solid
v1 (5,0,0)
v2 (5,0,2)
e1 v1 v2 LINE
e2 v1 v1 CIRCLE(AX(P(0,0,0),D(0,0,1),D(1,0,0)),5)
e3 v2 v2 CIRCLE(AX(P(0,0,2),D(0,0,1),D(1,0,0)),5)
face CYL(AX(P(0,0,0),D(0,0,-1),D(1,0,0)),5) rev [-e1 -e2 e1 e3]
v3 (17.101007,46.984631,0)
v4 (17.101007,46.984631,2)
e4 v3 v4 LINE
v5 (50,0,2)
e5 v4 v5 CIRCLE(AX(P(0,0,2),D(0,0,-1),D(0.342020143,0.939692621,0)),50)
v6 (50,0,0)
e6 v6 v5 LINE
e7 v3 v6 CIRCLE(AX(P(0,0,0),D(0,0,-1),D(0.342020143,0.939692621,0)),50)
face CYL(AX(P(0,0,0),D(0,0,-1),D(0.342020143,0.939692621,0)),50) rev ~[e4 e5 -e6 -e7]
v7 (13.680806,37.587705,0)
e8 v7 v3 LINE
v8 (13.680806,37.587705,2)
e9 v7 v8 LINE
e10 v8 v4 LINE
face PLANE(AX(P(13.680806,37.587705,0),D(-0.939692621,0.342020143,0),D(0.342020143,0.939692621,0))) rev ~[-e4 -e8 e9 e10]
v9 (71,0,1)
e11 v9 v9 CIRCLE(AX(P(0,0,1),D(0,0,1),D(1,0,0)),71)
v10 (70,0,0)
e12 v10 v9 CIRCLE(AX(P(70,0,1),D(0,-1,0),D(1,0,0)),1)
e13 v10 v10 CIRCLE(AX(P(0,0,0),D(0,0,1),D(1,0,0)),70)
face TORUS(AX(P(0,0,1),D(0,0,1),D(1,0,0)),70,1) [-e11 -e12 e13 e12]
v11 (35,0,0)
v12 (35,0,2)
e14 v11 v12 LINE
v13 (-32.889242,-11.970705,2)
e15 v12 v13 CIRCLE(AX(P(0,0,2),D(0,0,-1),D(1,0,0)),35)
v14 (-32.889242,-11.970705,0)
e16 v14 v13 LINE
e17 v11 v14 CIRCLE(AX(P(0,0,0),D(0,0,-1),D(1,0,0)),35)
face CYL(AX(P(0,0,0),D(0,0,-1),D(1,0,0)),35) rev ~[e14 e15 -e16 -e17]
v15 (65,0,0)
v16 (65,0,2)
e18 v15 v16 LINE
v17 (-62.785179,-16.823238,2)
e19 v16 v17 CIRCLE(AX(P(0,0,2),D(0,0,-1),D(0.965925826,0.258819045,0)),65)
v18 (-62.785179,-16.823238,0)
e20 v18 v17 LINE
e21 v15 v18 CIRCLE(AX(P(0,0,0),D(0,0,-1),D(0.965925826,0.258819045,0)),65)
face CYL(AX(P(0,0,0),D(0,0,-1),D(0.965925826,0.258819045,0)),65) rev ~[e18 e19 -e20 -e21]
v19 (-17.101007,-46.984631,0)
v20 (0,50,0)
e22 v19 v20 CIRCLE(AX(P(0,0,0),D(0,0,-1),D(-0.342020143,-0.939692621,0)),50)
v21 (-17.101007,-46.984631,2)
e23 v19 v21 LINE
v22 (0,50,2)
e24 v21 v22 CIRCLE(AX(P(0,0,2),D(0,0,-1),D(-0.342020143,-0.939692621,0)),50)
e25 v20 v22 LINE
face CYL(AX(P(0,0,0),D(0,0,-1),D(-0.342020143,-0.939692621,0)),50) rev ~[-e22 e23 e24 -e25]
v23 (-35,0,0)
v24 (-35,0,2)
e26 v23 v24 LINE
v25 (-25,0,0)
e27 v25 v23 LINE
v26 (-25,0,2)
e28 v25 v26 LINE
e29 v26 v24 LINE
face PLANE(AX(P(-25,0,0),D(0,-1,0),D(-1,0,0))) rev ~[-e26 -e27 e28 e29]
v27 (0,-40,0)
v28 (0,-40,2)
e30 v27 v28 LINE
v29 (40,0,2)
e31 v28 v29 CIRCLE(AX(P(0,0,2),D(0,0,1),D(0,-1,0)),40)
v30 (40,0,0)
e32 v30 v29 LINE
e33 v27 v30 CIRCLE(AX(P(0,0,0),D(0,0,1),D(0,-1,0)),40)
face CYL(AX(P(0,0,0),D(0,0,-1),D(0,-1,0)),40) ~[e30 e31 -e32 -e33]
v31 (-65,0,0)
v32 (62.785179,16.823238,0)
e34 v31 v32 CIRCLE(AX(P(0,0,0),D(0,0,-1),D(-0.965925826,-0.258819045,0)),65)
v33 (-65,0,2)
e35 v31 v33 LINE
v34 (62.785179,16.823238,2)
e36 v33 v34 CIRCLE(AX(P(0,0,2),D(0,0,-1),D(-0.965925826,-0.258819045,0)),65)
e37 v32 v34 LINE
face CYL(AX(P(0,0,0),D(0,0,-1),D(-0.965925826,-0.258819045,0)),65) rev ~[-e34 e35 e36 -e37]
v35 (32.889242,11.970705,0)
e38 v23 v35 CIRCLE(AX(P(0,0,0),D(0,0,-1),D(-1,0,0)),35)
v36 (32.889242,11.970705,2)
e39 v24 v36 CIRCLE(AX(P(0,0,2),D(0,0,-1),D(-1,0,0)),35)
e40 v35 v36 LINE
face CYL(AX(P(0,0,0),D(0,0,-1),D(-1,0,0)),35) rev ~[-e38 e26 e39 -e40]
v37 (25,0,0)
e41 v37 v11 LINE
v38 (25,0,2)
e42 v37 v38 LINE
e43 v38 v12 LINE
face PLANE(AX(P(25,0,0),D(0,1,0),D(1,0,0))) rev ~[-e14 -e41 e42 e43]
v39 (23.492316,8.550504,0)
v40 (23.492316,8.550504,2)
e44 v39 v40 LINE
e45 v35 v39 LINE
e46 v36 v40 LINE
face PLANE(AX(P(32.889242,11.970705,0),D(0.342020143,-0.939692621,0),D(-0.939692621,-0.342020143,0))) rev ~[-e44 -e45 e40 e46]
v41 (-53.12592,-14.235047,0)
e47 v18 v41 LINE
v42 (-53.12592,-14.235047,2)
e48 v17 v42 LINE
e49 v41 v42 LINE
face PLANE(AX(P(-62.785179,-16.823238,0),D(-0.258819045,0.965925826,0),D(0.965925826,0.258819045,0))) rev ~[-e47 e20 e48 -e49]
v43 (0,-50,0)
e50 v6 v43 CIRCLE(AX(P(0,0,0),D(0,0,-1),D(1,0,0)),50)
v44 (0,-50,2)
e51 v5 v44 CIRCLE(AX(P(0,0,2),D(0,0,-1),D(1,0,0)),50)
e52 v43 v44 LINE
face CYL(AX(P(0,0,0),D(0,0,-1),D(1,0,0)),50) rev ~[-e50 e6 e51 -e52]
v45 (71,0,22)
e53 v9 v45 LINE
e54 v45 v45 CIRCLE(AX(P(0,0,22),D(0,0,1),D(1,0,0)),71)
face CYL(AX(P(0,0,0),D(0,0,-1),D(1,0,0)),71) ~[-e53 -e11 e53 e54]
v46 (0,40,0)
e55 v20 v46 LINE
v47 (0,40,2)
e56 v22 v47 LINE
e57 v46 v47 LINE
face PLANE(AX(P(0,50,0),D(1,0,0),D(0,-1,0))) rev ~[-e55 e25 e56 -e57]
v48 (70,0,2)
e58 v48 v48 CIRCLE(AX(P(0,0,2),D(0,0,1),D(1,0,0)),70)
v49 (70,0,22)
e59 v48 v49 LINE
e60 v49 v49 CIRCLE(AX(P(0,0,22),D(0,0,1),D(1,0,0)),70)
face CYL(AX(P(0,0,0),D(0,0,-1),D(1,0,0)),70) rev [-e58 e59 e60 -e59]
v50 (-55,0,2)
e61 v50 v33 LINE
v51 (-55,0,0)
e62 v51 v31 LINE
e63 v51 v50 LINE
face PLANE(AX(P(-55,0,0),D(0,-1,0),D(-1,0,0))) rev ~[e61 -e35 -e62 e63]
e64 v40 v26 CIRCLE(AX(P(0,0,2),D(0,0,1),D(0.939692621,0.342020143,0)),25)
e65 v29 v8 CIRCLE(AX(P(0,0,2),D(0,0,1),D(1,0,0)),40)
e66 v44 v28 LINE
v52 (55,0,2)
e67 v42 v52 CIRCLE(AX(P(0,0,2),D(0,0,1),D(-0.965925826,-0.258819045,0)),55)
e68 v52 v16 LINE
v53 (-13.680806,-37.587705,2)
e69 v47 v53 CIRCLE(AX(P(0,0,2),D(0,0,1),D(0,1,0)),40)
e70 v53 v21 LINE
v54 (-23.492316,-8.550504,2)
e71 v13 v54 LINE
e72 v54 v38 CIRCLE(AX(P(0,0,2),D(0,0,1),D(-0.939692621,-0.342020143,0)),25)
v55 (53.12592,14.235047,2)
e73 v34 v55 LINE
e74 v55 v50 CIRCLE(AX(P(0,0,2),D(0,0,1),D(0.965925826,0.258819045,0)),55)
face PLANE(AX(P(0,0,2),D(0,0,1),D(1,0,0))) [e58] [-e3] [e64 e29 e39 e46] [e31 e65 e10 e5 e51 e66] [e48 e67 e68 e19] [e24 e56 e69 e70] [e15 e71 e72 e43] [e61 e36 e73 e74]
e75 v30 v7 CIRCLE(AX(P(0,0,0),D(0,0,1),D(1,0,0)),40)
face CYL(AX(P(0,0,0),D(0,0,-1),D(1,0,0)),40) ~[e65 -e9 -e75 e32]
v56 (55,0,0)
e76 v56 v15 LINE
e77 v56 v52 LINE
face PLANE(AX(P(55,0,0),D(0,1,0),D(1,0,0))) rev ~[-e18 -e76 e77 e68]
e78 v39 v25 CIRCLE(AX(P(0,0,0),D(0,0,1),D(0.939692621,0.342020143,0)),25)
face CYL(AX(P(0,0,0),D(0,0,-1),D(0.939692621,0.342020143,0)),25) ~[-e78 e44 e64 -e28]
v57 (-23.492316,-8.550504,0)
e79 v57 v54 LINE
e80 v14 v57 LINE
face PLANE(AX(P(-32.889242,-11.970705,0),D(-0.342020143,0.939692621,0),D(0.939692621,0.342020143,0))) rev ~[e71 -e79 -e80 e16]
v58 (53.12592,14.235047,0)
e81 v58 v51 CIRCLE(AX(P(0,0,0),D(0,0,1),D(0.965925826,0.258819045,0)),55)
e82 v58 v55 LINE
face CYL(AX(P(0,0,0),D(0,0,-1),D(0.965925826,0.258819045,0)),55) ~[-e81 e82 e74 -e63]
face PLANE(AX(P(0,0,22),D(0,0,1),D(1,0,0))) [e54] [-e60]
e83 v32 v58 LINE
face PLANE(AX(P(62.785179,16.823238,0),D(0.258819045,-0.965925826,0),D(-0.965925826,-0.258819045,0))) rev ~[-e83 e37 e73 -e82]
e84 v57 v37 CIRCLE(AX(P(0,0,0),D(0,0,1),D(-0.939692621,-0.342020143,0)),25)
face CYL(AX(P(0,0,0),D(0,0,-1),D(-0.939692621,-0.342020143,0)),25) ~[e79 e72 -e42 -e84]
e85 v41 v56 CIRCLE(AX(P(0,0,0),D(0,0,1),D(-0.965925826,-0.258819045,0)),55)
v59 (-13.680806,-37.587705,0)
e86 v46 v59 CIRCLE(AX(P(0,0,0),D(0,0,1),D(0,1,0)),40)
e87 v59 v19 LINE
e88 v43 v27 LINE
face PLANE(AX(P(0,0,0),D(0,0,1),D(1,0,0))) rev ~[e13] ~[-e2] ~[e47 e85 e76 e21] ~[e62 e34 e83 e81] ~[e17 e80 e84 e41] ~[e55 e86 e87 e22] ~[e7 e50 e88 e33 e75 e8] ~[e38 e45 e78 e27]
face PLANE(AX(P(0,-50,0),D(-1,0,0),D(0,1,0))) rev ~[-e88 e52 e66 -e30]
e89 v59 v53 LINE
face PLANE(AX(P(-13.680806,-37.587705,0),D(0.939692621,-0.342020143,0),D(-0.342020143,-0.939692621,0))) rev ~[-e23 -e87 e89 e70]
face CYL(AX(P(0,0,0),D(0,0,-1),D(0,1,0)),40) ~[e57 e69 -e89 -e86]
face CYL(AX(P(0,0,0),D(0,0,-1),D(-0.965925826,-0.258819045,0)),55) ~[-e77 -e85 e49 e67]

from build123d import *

# Parameters (mm, degrees)
F2_R     = 71
F2_R_2   = 70
F3_DEPTH = 22
F2_R_3   = 5
F4_DEPTH = 2
F5_R     = 1


with BuildPart() as f3:
    # F2 (on Top) → F3 (new body)
    with BuildSketch(Plane.XY):
        Circle(F2_R)
        Circle(F2_R_2, mode=Mode.SUBTRACT)
    extrude(amount=F3_DEPTH)

    # F2 (on Top) → F4 (join)
    with BuildSketch(Plane.XY):
        Circle(F2_R_2)
        with BuildLine():
            ThreePointArc((62.7851787088, 16.8232379317), (64.4439159893, 8.4842024943), (65, 0))
            ThreePointArc((65, 0), (8.4842024943, -64.4439159893), (-62.7851787088, -16.8232379317))
            ThreePointArc((-62.7851787088, -16.8232379317), (-64.4439159893, -8.4842024943), (-65, 0))
            ThreePointArc((-65, 0), (-8.4842024943, 64.4439159893), (62.7851787088, 16.8232379317))
        make_face(mode=Mode.SUBTRACT)
        with BuildLine():
            ThreePointArc((-53.1259204459, -14.2350474806), (7.1789405721, -54.5294673756), (55, 0))
            ThreePointArc((55, 0), (54.5294673756, 7.1789405721), (53.1259204459, 14.2350474806))
            ThreePointArc((53.1259204459, 14.2350474806), (-7.1789405721, 54.5294673756), (-55, 0))
            ThreePointArc((-55, 0), (-54.5294673756, -7.1789405721), (-53.1259204459, -14.2350474806))
        make_face()
        with BuildLine():
            ThreePointArc((17.1010071663, 46.9846310393), (40.9576022144, 28.6788218176), (50, 0))
            ThreePointArc((50, 0), (35.3553390593, -35.3553390593), (0, -50))
            ThreePointArc((0, -50), (-8.6824088833, -49.2403876506), (-17.1010071663, -46.9846310393))
            ThreePointArc((-17.1010071663, -46.9846310393), (-49.2403876506, 8.6824088833), (0, 50))
            ThreePointArc((0, 50), (8.6824088833, 49.2403876506), (17.1010071663, 46.9846310393))
        make_face(mode=Mode.SUBTRACT)
        with BuildLine():
            ThreePointArc((40, 0), (32.7660817716, 22.943057454), (13.680805733, 37.5877048314))
            ThreePointArc((13.680805733, 37.5877048314), (6.9459271067, 39.3923101205), (0, 40))
            ThreePointArc((0, 40), (-39.3923101205, 6.9459271067), (-13.680805733, -37.5877048314))
            ThreePointArc((-13.680805733, -37.5877048314), (-6.9459271067, -39.3923101205), (0, -40))
            ThreePointArc((0, -40), (28.2842712475, -28.2842712475), (40, 0))
        make_face()
        with BuildLine():
            ThreePointArc((32.8892417275, 11.9707050164), (34.4682713554, 6.0776862183), (35, 0))
            ThreePointArc((35, 0), (6.0776862183, -34.4682713554), (-32.8892417275, -11.9707050164))
            ThreePointArc((-32.8892417275, -11.9707050164), (-34.4682713554, -6.0776862183), (-35, 0))
            ThreePointArc((-35, 0), (-6.0776862183, 34.4682713554), (32.8892417275, 11.9707050164))
        make_face(mode=Mode.SUBTRACT)
        with BuildLine():
            ThreePointArc((-23.4923155196, -8.5505035831), (4.3412044417, -24.6201938253), (25, 0))
            ThreePointArc((25, 0), (24.6201938253, 4.3412044417), (23.4923155196, 8.5505035831))
            ThreePointArc((23.4923155196, 8.5505035831), (-4.3412044417, 24.6201938253), (-25, 0))
            ThreePointArc((-25, 0), (-24.6201938253, -4.3412044417), (-23.4923155196, -8.5505035831))
        make_face()
        Circle(F2_R_3, mode=Mode.SUBTRACT)
        with BuildLine():
            ThreePointArc((-17.1010071663, -46.9846310393), (-8.6824088833, -49.2403876506), (0, -50))
            Line((0, -50), (0, -40))
            ThreePointArc((0, -40), (-6.9459271067, -39.3923101205), (-13.680805733, -37.5877048314))
            Line((-13.680805733, -37.5877048314), (-17.1010071663, -46.9846310393))
        make_face()
        with BuildLine():
            Line((13.680805733, 37.5877048314), (17.1010071663, 46.9846310393))
            ThreePointArc((17.1010071663, 46.9846310393), (8.6824088833, 49.2403876506), (0, 50))
            Line((0, 50), (0, 40))
            ThreePointArc((0, 40), (6.9459271067, 39.3923101205), (13.680805733, 37.5877048314))
        make_face()
        with BuildLine():
            ThreePointArc((-65, 0), (-64.4439159893, -8.4842024943), (-62.7851787088, -16.8232379317))
            Line((-62.7851787088, -16.8232379317), (-53.1259204459, -14.2350474806))
            ThreePointArc((-53.1259204459, -14.2350474806), (-54.5294673756, -7.1789405721), (-55, 0))
            Line((-55, 0), (-65, 0))
        make_face()
        with BuildLine():
            Line((55, 0), (65, 0))
            ThreePointArc((65, 0), (64.4439159893, 8.4842024943), (62.7851787088, 16.8232379317))
            Line((62.7851787088, 16.8232379317), (53.1259204459, 14.2350474806))
            ThreePointArc((53.1259204459, 14.2350474806), (54.5294673756, 7.1789405721), (55, 0))
        make_face()
        with BuildLine():
            ThreePointArc((-35, 0), (-34.4682713554, -6.0776862183), (-32.8892417275, -11.9707050164))
            Line((-32.8892417275, -11.9707050164), (-23.4923155196, -8.5505035831))
            ThreePointArc((-23.4923155196, -8.5505035831), (-24.6201938253, -4.3412044417), (-25, 0))
            Line((-25, 0), (-35, 0))
        make_face()
        with BuildLine():
            Line((25, 0), (35, 0))
            ThreePointArc((35, 0), (34.4682713554, 6.0776862183), (32.8892417275, 11.9707050164))
            Line((32.8892417275, 11.9707050164), (23.4923155196, 8.5505035831))
            ThreePointArc((23.4923155196, 8.5505035831), (24.6201938253, 4.3412044417), (25, 0))
        make_face()
    extrude(amount=F4_DEPTH)

    # F5
    f5_edges = [f3.edges().sort_by_distance(p)[0] for p in [
        (-71, 0, 0),
    ]]
    fillet(f5_edges, radius=F5_R)


solid = f3.part
